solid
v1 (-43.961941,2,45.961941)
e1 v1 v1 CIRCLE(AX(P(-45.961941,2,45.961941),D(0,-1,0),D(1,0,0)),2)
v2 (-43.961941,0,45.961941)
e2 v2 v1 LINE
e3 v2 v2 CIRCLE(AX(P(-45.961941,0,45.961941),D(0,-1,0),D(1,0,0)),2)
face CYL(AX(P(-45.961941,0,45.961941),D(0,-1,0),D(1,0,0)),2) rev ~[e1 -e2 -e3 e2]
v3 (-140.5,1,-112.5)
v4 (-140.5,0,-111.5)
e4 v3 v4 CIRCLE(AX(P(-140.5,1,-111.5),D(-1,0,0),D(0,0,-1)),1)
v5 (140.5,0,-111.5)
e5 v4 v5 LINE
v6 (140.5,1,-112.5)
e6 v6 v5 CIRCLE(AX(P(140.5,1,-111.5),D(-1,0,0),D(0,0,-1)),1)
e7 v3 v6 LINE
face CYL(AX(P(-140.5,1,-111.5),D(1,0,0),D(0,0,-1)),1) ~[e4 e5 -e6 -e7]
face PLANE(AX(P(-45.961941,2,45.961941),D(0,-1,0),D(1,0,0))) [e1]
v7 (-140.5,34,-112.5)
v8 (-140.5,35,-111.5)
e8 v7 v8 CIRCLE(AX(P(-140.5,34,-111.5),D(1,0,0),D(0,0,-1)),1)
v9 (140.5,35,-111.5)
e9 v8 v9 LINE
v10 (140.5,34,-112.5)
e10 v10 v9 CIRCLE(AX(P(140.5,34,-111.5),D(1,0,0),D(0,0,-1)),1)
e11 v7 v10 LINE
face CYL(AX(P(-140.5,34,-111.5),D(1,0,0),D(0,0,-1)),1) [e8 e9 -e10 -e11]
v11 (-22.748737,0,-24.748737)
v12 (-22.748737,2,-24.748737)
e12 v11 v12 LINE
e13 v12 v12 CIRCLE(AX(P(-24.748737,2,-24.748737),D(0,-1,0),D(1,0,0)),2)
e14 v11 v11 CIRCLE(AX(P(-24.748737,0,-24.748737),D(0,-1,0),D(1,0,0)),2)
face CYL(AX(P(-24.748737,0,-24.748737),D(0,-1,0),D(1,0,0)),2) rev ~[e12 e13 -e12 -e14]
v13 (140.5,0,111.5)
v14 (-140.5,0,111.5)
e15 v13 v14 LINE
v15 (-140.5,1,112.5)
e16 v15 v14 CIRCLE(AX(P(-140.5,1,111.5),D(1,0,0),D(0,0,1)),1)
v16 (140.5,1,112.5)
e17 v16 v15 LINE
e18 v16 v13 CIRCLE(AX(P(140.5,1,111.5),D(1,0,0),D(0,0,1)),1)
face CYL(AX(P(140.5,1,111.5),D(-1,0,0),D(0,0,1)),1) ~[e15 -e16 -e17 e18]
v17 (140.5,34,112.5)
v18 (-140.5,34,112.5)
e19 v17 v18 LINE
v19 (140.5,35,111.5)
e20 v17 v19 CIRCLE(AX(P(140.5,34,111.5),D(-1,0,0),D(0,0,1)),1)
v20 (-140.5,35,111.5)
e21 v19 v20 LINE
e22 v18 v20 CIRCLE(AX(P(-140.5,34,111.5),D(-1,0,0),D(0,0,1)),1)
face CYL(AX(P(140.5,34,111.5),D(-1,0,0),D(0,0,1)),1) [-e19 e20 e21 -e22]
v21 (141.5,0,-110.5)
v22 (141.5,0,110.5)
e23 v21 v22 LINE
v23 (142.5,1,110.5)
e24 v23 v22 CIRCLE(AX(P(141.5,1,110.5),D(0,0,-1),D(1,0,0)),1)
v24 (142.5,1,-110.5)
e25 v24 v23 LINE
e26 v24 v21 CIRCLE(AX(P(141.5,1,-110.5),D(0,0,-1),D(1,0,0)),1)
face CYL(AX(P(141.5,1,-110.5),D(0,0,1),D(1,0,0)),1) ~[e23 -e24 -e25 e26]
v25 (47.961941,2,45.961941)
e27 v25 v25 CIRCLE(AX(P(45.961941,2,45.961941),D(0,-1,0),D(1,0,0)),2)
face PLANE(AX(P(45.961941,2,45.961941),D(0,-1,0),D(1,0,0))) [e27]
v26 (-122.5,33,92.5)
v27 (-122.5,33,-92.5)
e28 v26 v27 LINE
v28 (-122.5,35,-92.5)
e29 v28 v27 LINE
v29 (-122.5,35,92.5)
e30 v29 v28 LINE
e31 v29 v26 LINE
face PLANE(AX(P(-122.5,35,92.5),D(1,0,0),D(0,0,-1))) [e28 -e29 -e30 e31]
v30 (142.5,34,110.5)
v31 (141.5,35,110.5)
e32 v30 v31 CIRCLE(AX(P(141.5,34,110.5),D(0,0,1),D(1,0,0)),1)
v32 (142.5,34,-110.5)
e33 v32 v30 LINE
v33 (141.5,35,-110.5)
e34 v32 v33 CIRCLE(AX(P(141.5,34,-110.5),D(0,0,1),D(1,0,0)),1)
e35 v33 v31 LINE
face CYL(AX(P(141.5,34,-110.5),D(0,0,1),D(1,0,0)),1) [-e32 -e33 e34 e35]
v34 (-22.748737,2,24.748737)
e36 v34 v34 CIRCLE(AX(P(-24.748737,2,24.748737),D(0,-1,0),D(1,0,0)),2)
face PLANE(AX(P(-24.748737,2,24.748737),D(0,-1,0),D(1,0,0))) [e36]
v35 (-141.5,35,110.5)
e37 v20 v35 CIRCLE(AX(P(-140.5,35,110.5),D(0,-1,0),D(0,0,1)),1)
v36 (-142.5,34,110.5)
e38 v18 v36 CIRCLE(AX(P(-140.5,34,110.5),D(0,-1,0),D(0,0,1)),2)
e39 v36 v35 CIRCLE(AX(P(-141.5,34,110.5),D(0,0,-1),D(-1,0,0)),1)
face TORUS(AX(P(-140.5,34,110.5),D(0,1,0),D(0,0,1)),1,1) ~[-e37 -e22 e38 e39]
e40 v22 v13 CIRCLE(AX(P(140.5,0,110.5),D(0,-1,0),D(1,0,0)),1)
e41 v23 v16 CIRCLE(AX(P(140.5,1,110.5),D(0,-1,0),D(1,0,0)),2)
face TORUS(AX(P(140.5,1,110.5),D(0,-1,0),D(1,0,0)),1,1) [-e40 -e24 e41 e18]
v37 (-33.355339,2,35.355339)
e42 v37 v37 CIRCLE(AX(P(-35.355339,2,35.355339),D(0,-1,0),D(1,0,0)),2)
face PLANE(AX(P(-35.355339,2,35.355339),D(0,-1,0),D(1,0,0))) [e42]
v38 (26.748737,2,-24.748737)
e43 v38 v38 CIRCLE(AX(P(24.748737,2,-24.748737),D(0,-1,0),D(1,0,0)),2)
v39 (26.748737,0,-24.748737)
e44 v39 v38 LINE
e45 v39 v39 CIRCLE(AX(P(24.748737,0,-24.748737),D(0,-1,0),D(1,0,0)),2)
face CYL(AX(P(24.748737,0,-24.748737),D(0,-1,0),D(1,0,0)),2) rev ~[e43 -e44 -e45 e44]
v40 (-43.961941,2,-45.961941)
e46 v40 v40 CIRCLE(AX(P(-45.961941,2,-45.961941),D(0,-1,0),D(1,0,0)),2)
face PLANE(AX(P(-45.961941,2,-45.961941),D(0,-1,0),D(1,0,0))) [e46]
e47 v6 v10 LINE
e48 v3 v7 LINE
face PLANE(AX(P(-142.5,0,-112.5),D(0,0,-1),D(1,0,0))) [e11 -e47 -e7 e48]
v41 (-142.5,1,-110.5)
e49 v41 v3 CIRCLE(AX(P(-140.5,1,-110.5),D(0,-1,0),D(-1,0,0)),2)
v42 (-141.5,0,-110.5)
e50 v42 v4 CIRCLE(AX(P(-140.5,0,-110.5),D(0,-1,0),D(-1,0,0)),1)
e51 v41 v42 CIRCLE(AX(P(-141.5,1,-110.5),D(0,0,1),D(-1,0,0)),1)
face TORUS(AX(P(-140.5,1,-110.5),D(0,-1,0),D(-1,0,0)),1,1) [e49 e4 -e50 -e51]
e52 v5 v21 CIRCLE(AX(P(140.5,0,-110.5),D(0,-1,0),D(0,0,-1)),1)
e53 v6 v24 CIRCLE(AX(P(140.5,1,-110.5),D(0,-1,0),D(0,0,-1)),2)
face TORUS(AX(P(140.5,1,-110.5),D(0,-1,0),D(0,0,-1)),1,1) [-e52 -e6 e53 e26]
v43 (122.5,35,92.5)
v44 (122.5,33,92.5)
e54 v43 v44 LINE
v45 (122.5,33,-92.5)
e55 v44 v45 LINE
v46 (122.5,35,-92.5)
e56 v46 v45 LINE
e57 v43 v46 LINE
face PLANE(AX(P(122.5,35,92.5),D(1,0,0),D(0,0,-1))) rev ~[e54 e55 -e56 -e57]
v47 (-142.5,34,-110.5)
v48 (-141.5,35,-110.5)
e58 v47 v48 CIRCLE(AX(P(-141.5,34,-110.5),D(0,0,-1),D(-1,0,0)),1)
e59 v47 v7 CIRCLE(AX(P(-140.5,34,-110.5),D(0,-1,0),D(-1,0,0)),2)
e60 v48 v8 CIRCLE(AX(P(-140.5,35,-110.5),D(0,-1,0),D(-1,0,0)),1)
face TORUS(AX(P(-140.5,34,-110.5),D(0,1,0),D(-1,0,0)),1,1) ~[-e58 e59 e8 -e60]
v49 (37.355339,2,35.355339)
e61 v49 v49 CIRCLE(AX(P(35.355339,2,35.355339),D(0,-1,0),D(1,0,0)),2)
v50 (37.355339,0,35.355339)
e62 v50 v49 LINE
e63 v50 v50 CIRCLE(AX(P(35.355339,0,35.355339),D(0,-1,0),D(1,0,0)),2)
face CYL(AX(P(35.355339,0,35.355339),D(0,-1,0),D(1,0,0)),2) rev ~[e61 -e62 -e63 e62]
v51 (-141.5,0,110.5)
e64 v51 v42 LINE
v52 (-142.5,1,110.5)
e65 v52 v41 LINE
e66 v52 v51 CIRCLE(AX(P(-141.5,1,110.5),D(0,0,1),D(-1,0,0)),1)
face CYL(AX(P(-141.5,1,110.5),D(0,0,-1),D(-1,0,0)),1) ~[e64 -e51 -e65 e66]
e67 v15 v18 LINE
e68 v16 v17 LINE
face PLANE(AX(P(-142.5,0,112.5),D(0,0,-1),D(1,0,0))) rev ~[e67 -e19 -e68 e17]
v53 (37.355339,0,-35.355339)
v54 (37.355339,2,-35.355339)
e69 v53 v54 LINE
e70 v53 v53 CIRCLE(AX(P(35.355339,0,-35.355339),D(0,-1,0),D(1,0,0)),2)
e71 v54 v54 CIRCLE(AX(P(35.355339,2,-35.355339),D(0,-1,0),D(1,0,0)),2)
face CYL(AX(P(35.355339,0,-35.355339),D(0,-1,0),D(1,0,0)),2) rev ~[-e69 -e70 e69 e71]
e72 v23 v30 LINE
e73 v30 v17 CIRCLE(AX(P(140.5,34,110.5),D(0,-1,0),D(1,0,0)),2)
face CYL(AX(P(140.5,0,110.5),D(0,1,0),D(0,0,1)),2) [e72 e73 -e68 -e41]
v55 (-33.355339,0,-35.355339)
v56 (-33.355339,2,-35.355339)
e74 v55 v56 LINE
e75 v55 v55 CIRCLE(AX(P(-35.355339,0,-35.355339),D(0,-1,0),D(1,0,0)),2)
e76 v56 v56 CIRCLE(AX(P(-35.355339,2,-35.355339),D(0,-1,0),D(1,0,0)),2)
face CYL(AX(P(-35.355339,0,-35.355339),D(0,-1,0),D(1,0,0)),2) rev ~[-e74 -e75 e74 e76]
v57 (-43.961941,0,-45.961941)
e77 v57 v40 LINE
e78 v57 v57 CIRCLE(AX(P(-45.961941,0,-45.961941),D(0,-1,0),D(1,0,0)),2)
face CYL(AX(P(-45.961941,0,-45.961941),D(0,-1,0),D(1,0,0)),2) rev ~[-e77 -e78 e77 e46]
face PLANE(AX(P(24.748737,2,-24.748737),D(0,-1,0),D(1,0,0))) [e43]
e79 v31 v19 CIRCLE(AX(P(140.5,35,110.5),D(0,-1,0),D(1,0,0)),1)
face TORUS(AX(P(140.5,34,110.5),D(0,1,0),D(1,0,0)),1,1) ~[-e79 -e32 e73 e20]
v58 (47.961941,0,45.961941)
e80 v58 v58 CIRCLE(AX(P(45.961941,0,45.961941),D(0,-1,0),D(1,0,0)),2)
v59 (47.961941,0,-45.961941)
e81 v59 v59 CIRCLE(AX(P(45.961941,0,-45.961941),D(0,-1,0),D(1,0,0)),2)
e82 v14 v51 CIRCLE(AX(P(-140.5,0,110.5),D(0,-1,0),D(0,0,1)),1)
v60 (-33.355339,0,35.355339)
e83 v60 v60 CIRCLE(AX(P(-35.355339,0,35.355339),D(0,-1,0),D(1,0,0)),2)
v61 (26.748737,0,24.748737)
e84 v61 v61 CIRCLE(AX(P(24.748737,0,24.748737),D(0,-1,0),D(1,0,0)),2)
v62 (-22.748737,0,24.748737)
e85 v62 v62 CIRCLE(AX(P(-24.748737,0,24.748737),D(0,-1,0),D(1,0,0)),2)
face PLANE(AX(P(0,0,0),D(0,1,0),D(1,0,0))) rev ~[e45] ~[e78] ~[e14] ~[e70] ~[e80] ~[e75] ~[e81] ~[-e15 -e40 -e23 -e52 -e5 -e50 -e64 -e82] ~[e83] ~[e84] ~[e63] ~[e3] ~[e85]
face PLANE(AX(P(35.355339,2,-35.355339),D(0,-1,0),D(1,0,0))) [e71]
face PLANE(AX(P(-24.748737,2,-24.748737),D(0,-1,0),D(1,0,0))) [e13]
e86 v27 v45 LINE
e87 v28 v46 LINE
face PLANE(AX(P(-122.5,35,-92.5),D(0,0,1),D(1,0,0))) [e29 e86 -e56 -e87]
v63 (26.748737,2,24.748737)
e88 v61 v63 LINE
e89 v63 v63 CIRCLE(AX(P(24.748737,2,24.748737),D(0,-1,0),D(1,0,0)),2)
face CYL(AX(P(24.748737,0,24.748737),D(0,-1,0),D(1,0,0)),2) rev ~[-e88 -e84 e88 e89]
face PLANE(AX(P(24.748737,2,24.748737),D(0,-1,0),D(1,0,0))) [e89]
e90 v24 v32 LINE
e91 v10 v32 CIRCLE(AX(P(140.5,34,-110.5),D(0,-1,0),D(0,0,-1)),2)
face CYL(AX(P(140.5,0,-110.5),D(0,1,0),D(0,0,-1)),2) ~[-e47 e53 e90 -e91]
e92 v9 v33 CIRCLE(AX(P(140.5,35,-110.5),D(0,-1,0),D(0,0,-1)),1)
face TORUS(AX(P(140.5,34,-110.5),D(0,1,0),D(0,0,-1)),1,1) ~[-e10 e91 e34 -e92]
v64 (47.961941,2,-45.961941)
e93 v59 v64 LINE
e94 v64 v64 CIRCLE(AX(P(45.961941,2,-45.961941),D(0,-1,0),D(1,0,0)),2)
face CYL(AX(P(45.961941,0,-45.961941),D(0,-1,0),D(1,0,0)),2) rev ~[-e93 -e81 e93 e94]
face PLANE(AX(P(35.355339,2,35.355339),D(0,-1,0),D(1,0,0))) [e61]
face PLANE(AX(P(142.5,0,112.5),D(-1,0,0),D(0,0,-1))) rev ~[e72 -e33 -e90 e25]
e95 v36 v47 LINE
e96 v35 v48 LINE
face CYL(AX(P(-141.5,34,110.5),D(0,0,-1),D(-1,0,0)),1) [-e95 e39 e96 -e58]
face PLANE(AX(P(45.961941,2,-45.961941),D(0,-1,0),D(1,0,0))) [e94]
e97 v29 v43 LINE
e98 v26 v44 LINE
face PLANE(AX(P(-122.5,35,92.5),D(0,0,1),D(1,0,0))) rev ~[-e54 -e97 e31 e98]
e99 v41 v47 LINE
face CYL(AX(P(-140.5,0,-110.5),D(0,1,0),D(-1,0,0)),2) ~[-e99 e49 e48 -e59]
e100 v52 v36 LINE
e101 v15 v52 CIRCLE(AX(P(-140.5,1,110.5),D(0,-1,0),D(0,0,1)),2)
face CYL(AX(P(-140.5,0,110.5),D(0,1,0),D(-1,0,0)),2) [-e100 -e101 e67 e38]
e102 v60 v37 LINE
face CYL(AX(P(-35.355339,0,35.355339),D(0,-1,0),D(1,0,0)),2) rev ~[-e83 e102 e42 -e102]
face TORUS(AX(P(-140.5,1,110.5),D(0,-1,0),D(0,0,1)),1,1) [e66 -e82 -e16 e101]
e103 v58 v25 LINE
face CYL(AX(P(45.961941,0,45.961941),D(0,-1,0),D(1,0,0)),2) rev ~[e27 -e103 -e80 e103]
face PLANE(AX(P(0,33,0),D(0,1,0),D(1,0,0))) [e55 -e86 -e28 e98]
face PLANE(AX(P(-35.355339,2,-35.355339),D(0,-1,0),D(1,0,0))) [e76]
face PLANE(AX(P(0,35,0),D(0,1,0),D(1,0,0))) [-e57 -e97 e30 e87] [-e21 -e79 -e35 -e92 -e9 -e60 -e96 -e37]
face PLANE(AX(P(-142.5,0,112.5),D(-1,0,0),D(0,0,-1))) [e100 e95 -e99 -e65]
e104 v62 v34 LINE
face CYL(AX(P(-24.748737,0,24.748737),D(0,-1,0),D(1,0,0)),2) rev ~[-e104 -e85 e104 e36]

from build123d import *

# Parameters (mm, degrees)
SKETCH1_W           = 285
SKETCH1_H           = 225
BOSS_EXTRUDE1_DEPTH = 35
SKETCH2_W           = 245
SKETCH2_H           = 185
CUT_EXTRUDE1_DEPTH  = 2
FILLET1_R           = 2
FILLET2_R           = 1
FILLET3_R           = 1
SKETCH4_R           = 2
CUT_EXTRUDE2_DEPTH  = 2


with BuildPart() as part:
    # Sketch1 → Boss-Extrude1 (new body)
    with BuildSketch(Plane(origin=(0, 0, 0), x_dir=(1, 0, 0), z_dir=(0, 1, 0))):
        Rectangle(SKETCH1_W, SKETCH1_H)
    extrude(amount=BOSS_EXTRUDE1_DEPTH)

    # Sketch2 → Cut-Extrude1 (cut)
    with BuildSketch(Plane(origin=(0, 35, 0), x_dir=(1, 0, 0), z_dir=(0, 1, 0))):
        Rectangle(SKETCH2_W, SKETCH2_H)
    extrude(amount=-CUT_EXTRUDE1_DEPTH, mode=Mode.SUBTRACT)

    # Fillet1
    fillet1_edges = [part.edges().sort_by_distance(p)[0] for p in [
        (142.5, 17.5, 112.5),
        (-142.5, 17.5, 112.5),
        (-142.5, 17.5, -112.5),
        (142.5, 17.5, -112.5),
    ]]
    fillet(fillet1_edges, radius=FILLET1_R)

    # Fillet2
    fillet2_edges = [part.edges().sort_by_distance(p)[0] for p in [
        (-142.5, 35, 0),
        (0, 35, -112.5),
        (142.5, 35, 0),
        (0, 35, 112.5),
        (141.914213562, 35, 111.914213562),
        (141.914213562, 35, -111.914213562),
        (-141.914213562, 35, 111.914213562),
        (-141.914213562, 35, -111.914213562),
    ]]
    fillet(fillet2_edges, radius=FILLET2_R)

    # Fillet3
    fillet3_edges = [part.edges().sort_by_distance(p)[0] for p in [
        (-142.5, 0, 0),
        (142.5, 0, 0),
        (0, 0, 112.5),
        (0, 0, -112.5),
        (141.914213562, 0, 111.914213562),
        (141.914213562, 0, -111.914213562),
        (-141.914213562, 0, 111.914213562),
        (-141.914213562, 0, -111.914213562),
    ]]
    fillet(fillet3_edges, radius=FILLET3_R)

    # Sketch4 → Cut-Extrude2 (cut)
    with BuildSketch(Plane.XZ):
        with Locations((-24.748737342, 24.748737342)):
            Circle(SKETCH4_R)
        with Locations((-35.355339059, 35.355339059)):
            Circle(SKETCH4_R)
        with Locations((-45.961940777, 45.961940777)):
            Circle(SKETCH4_R)
        with Locations((24.748737342, 24.748737342)):
            Circle(SKETCH4_R)
        with Locations((35.355339059, 35.355339059)):
            Circle(SKETCH4_R)
        with Locations((45.961940777, 45.961940777)):
            Circle(SKETCH4_R)
        with Locations((24.748737342, -24.748737342)):
            Circle(SKETCH4_R)
        with Locations((35.355339059, -35.355339059)):
            Circle(SKETCH4_R)
        with Locations((45.961940777, -45.961940777)):
            Circle(SKETCH4_R)
        with Locations((-24.748737342, -24.748737342)):
            Circle(SKETCH4_R)
        with Locations((-35.355339059, -35.355339059)):
            Circle(SKETCH4_R)
        with Locations((-45.961940777, -45.961940777)):
            Circle(SKETCH4_R)
    extrude(amount=-CUT_EXTRUDE2_DEPTH, mode=Mode.SUBTRACT)


solid = part.part
